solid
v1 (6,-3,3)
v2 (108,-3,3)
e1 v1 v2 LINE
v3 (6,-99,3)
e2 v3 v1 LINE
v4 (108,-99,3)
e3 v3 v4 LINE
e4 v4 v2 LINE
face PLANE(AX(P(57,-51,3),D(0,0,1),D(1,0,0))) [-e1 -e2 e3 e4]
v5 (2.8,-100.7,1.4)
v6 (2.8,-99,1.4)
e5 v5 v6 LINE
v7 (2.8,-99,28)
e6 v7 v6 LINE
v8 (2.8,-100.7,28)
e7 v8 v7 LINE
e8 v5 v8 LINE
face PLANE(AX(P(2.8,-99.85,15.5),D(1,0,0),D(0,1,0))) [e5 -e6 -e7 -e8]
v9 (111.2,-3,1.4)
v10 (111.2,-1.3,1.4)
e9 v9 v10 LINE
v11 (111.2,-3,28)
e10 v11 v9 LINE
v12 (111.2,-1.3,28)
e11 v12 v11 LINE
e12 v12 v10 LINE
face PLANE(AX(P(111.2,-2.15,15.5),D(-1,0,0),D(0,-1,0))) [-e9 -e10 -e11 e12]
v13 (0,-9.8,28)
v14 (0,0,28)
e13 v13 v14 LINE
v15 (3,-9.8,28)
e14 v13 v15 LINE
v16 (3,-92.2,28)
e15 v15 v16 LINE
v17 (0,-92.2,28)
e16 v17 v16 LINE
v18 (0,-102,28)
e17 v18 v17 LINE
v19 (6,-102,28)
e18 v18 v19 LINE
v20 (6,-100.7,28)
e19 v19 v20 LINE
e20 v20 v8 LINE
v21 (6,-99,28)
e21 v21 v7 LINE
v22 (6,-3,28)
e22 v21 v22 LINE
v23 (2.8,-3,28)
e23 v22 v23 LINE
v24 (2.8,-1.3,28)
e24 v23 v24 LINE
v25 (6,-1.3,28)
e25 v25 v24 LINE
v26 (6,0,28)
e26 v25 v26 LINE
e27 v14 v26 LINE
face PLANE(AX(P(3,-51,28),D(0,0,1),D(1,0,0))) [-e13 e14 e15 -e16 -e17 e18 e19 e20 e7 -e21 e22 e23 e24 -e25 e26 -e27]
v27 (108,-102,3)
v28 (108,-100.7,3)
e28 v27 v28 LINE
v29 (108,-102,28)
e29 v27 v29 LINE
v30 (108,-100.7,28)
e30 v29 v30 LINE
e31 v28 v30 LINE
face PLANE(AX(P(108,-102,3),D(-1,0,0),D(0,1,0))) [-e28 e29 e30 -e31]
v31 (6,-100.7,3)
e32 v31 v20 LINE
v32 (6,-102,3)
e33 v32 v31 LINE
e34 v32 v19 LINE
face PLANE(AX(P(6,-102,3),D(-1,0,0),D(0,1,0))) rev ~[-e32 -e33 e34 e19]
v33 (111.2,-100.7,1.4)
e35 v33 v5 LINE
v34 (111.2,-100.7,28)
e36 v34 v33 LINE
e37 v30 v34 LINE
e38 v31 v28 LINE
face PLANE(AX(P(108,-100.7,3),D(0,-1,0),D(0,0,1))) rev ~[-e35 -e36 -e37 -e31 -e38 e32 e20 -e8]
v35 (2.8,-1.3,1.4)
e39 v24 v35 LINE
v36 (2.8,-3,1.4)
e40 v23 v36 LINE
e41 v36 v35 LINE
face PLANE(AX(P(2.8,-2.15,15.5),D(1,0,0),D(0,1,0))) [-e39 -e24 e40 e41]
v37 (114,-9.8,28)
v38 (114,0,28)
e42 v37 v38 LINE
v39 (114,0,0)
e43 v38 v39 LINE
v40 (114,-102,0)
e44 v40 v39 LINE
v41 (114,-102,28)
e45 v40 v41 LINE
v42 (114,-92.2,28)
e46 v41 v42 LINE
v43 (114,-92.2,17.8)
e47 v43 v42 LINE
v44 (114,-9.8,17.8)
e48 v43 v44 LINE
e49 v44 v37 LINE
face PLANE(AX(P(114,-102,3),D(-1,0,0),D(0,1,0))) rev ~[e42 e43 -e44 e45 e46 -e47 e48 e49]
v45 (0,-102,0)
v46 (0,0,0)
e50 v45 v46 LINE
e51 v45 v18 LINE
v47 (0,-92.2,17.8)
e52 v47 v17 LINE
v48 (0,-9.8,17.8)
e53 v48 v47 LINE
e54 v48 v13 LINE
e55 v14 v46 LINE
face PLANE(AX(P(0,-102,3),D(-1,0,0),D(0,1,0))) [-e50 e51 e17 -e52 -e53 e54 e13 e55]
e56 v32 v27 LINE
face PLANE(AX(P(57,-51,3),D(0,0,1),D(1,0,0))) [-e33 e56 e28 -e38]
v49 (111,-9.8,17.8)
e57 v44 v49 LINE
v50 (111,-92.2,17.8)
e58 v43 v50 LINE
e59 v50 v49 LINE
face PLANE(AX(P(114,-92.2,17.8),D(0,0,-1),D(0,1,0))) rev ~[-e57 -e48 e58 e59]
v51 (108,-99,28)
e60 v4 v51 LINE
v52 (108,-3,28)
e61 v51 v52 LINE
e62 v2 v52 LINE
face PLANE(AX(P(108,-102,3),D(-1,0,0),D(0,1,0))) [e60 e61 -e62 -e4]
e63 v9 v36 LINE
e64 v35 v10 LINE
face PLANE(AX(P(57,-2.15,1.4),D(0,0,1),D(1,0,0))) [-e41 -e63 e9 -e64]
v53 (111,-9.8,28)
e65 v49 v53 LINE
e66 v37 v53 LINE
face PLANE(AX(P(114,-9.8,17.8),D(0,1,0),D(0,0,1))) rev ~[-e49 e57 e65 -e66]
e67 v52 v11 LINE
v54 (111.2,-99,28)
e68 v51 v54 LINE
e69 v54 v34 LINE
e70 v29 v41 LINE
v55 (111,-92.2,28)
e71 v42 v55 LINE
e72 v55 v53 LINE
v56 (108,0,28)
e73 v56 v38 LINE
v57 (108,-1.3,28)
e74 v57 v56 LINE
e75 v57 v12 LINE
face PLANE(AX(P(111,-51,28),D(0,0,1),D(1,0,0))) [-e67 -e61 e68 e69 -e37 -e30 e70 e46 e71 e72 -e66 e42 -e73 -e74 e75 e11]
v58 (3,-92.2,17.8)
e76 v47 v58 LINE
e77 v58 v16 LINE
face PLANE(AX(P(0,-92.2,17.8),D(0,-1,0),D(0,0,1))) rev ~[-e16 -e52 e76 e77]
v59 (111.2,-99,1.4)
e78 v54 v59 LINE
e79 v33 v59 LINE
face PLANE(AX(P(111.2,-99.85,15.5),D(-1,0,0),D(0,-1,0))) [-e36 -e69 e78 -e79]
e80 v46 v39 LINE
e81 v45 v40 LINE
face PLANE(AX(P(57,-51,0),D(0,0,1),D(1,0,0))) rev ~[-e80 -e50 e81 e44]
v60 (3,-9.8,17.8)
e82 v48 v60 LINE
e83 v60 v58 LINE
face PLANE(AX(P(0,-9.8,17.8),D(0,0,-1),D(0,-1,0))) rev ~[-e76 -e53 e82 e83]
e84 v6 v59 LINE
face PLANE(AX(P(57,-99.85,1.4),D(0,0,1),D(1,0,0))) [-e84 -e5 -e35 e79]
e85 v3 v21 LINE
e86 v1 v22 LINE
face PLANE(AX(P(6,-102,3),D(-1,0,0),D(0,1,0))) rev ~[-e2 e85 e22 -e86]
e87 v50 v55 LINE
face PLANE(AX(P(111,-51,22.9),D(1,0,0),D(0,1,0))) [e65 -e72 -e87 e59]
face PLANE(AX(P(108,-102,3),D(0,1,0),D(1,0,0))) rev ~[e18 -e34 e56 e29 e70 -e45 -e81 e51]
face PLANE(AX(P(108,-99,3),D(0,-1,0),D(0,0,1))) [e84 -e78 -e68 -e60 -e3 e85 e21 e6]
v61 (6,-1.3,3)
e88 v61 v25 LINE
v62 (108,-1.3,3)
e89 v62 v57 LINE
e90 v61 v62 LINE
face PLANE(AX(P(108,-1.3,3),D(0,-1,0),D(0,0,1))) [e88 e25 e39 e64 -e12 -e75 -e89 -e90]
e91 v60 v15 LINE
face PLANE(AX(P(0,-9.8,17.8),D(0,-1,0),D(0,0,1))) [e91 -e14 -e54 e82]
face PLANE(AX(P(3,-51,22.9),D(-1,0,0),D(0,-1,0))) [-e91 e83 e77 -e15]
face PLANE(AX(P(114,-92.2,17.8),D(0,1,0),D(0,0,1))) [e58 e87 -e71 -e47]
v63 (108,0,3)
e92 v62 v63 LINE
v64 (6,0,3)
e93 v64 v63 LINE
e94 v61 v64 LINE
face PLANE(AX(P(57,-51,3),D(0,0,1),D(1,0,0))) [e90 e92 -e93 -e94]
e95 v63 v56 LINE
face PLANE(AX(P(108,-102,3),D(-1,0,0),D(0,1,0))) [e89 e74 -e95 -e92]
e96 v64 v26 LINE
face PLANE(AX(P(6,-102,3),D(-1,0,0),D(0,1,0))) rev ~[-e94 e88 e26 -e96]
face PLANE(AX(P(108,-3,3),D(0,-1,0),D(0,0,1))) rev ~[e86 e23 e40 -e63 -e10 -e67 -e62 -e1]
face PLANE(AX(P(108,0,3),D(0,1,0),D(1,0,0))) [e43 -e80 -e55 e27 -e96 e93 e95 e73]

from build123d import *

# Parameters (mm, degrees)
SKETCH_W        = 114
SKETCH_H        = 102
PAD_DEPTH       = 3
SKETCH001_W     = 6
SKETCH001_H     = 102
PAD001_DEPTH    = 25
SKETCH002_W     = 6
SKETCH002_H     = 102
PAD002_DEPTH    = 25
SKETCH003_W     = 82.4
SKETCH003_H     = 10.2
POCKET_DEPTH    = 3
SKETCH004_W     = 82.4
SKETCH004_H     = 10.2
POCKET001_DEPTH = 3
SKETCH005_W     = 1.7
SKETCH005_H     = 25
POCKET002_DEPTH = 3.2
SKETCH006_W     = 102
SKETCH006_H     = 1.7
POCKET003_DEPTH = 1.6
SKETCH007_W     = 3.2
SKETCH007_H     = 1.7
POCKET004_DEPTH = 1.6
SKETCH008_W     = 1.7
SKETCH008_H     = 25
POCKET005_DEPTH = 3.2
SKETCH010_W     = 3.2
SKETCH010_H     = 1.7
POCKET006_DEPTH = 1.6
SKETCH011_W     = 1.7
SKETCH011_H     = 25
POCKET007_DEPTH = 3.2
SKETCH012_W     = 102
SKETCH012_H     = 1.7
POCKET008_DEPTH = 1.6
SKETCH013_W     = 3.2
SKETCH013_H     = 1.7
POCKET009_DEPTH = 1.6
SKETCH014_W     = 1.7
SKETCH014_H     = 25
POCKET010_DEPTH = 3.2
SKETCH015_W     = 3.2
SKETCH015_H     = 1.7
POCKET011_DEPTH = 1.6


with BuildPart() as part:
    # Sketch → Pad (new body)
    with BuildSketch(Plane.XY):
        with Locations((57, -51)):
            Rectangle(SKETCH_W, SKETCH_H)
    extrude(amount=PAD_DEPTH)

    # Sketch001 (on Face6 of Pad) → Pad001 (join)
    with BuildSketch(Plane.XY.offset(3)):
        with Locations((3, -51)):
            Rectangle(SKETCH001_W, SKETCH001_H)
    extrude(amount=PAD001_DEPTH)

    # Sketch002 (on Face6 of Pad001) → Pad002 (join)
    with BuildSketch(Plane.XY.offset(3)):
        with Locations((111, -51)):
            Rectangle(SKETCH002_W, SKETCH002_H)
    extrude(amount=PAD002_DEPTH)

    # Sketch003 (on Face10 of Pad002) → Pocket (cut)
    with BuildSketch(Plane.YZ.offset(114)):
        with Locations((-51, 22.9)):
            Rectangle(SKETCH003_W, SKETCH003_H)
    extrude(amount=-POCKET_DEPTH, mode=Mode.SUBTRACT)

    # Sketch004 (on Face9 of Pocket) → Pocket001 (cut)
    with BuildSketch(Plane(origin=(0, 0, 0), x_dir=(0, -1, 0), z_dir=(-1, 0, 0))):
        with Locations((51, 22.9)):
            Rectangle(SKETCH004_W, SKETCH004_H)
    extrude(amount=-POCKET001_DEPTH, mode=Mode.SUBTRACT)

    # Sketch005 (on Face11 of Pocket001) → Pocket002 (cut)
    with BuildSketch(Plane.YZ.offset(6)):
        with Locations((-99.85, 15.5)):
            Rectangle(SKETCH005_W, SKETCH005_H)
    extrude(amount=-POCKET002_DEPTH, mode=Mode.SUBTRACT)

    # Sketch006 (on Face6 of Pocket002) → Pocket003 (cut)
    with BuildSketch(Plane.XY.offset(3)):
        with Locations((57, -99.85)):
            Rectangle(SKETCH006_W, SKETCH006_H)
    extrude(amount=-POCKET003_DEPTH, mode=Mode.SUBTRACT)

    # Sketch007 (on Face35 of Pocket003) → Pocket004 (cut)
    with BuildSketch(Plane.XY.offset(3)):
        with Locations((4.4, -99.85)):
            Rectangle(SKETCH007_W, SKETCH007_H)
    extrude(amount=-POCKET004_DEPTH, mode=Mode.SUBTRACT)

    # Sketch008 (on Face13 of Pocket004) → Pocket005 (cut)
    with BuildSketch(Plane(origin=(108, 0, 0), x_dir=(0, -1, 0), z_dir=(-1, 0, 0))):
        with Locations((99.85, 15.5)):
            Rectangle(SKETCH008_W, SKETCH008_H)
    extrude(amount=-POCKET005_DEPTH, mode=Mode.SUBTRACT)

    # Sketch010 (on Face41 of Pocket005) → Pocket006 (cut)
    with BuildSketch(Plane.XY.offset(3)):
        with Locations((109.6, -99.85)):
            Rectangle(SKETCH010_W, SKETCH010_H)
    extrude(amount=-POCKET006_DEPTH, mode=Mode.SUBTRACT)

    # Sketch011 (on Face11 of Pocket006) → Pocket007 (cut)
    with BuildSketch(Plane.YZ.offset(6)):
        with Locations((-2.15, 15.5)):
            Rectangle(SKETCH011_W, SKETCH011_H)
    extrude(amount=-POCKET007_DEPTH, mode=Mode.SUBTRACT)

    # Sketch012 (on Face6 of Pocket007) → Pocket008 (cut)
    with BuildSketch(Plane.XY.offset(3)):
        with Locations((57, -2.15)):
            Rectangle(SKETCH012_W, SKETCH012_H)
    extrude(amount=-POCKET008_DEPTH, mode=Mode.SUBTRACT)

    # Sketch013 (on Face44 of Pocket008) → Pocket009 (cut)
    with BuildSketch(Plane.XY.offset(3)):
        with Locations((4.4, -2.15)):
            Rectangle(SKETCH013_W, SKETCH013_H)
    extrude(amount=-POCKET009_DEPTH, mode=Mode.SUBTRACT)

    # Sketch014 (on Face13 of Pocket009) → Pocket010 (cut)
    with BuildSketch(Plane(origin=(108, 0, 0), x_dir=(0, -1, 0), z_dir=(-1, 0, 0))):
        with Locations((2.15, 15.5)):
            Rectangle(SKETCH014_W, SKETCH014_H)
    extrude(amount=-POCKET010_DEPTH, mode=Mode.SUBTRACT)

    # Sketch015 (on Face53 of Pocket010) → Pocket011 (cut)
    with BuildSketch(Plane.XY.offset(3)):
        with Locations((109.6, -2.15)):
            Rectangle(SKETCH015_W, SKETCH015_H)
    extrude(amount=-POCKET011_DEPTH, mode=Mode.SUBTRACT)


solid = part.part
